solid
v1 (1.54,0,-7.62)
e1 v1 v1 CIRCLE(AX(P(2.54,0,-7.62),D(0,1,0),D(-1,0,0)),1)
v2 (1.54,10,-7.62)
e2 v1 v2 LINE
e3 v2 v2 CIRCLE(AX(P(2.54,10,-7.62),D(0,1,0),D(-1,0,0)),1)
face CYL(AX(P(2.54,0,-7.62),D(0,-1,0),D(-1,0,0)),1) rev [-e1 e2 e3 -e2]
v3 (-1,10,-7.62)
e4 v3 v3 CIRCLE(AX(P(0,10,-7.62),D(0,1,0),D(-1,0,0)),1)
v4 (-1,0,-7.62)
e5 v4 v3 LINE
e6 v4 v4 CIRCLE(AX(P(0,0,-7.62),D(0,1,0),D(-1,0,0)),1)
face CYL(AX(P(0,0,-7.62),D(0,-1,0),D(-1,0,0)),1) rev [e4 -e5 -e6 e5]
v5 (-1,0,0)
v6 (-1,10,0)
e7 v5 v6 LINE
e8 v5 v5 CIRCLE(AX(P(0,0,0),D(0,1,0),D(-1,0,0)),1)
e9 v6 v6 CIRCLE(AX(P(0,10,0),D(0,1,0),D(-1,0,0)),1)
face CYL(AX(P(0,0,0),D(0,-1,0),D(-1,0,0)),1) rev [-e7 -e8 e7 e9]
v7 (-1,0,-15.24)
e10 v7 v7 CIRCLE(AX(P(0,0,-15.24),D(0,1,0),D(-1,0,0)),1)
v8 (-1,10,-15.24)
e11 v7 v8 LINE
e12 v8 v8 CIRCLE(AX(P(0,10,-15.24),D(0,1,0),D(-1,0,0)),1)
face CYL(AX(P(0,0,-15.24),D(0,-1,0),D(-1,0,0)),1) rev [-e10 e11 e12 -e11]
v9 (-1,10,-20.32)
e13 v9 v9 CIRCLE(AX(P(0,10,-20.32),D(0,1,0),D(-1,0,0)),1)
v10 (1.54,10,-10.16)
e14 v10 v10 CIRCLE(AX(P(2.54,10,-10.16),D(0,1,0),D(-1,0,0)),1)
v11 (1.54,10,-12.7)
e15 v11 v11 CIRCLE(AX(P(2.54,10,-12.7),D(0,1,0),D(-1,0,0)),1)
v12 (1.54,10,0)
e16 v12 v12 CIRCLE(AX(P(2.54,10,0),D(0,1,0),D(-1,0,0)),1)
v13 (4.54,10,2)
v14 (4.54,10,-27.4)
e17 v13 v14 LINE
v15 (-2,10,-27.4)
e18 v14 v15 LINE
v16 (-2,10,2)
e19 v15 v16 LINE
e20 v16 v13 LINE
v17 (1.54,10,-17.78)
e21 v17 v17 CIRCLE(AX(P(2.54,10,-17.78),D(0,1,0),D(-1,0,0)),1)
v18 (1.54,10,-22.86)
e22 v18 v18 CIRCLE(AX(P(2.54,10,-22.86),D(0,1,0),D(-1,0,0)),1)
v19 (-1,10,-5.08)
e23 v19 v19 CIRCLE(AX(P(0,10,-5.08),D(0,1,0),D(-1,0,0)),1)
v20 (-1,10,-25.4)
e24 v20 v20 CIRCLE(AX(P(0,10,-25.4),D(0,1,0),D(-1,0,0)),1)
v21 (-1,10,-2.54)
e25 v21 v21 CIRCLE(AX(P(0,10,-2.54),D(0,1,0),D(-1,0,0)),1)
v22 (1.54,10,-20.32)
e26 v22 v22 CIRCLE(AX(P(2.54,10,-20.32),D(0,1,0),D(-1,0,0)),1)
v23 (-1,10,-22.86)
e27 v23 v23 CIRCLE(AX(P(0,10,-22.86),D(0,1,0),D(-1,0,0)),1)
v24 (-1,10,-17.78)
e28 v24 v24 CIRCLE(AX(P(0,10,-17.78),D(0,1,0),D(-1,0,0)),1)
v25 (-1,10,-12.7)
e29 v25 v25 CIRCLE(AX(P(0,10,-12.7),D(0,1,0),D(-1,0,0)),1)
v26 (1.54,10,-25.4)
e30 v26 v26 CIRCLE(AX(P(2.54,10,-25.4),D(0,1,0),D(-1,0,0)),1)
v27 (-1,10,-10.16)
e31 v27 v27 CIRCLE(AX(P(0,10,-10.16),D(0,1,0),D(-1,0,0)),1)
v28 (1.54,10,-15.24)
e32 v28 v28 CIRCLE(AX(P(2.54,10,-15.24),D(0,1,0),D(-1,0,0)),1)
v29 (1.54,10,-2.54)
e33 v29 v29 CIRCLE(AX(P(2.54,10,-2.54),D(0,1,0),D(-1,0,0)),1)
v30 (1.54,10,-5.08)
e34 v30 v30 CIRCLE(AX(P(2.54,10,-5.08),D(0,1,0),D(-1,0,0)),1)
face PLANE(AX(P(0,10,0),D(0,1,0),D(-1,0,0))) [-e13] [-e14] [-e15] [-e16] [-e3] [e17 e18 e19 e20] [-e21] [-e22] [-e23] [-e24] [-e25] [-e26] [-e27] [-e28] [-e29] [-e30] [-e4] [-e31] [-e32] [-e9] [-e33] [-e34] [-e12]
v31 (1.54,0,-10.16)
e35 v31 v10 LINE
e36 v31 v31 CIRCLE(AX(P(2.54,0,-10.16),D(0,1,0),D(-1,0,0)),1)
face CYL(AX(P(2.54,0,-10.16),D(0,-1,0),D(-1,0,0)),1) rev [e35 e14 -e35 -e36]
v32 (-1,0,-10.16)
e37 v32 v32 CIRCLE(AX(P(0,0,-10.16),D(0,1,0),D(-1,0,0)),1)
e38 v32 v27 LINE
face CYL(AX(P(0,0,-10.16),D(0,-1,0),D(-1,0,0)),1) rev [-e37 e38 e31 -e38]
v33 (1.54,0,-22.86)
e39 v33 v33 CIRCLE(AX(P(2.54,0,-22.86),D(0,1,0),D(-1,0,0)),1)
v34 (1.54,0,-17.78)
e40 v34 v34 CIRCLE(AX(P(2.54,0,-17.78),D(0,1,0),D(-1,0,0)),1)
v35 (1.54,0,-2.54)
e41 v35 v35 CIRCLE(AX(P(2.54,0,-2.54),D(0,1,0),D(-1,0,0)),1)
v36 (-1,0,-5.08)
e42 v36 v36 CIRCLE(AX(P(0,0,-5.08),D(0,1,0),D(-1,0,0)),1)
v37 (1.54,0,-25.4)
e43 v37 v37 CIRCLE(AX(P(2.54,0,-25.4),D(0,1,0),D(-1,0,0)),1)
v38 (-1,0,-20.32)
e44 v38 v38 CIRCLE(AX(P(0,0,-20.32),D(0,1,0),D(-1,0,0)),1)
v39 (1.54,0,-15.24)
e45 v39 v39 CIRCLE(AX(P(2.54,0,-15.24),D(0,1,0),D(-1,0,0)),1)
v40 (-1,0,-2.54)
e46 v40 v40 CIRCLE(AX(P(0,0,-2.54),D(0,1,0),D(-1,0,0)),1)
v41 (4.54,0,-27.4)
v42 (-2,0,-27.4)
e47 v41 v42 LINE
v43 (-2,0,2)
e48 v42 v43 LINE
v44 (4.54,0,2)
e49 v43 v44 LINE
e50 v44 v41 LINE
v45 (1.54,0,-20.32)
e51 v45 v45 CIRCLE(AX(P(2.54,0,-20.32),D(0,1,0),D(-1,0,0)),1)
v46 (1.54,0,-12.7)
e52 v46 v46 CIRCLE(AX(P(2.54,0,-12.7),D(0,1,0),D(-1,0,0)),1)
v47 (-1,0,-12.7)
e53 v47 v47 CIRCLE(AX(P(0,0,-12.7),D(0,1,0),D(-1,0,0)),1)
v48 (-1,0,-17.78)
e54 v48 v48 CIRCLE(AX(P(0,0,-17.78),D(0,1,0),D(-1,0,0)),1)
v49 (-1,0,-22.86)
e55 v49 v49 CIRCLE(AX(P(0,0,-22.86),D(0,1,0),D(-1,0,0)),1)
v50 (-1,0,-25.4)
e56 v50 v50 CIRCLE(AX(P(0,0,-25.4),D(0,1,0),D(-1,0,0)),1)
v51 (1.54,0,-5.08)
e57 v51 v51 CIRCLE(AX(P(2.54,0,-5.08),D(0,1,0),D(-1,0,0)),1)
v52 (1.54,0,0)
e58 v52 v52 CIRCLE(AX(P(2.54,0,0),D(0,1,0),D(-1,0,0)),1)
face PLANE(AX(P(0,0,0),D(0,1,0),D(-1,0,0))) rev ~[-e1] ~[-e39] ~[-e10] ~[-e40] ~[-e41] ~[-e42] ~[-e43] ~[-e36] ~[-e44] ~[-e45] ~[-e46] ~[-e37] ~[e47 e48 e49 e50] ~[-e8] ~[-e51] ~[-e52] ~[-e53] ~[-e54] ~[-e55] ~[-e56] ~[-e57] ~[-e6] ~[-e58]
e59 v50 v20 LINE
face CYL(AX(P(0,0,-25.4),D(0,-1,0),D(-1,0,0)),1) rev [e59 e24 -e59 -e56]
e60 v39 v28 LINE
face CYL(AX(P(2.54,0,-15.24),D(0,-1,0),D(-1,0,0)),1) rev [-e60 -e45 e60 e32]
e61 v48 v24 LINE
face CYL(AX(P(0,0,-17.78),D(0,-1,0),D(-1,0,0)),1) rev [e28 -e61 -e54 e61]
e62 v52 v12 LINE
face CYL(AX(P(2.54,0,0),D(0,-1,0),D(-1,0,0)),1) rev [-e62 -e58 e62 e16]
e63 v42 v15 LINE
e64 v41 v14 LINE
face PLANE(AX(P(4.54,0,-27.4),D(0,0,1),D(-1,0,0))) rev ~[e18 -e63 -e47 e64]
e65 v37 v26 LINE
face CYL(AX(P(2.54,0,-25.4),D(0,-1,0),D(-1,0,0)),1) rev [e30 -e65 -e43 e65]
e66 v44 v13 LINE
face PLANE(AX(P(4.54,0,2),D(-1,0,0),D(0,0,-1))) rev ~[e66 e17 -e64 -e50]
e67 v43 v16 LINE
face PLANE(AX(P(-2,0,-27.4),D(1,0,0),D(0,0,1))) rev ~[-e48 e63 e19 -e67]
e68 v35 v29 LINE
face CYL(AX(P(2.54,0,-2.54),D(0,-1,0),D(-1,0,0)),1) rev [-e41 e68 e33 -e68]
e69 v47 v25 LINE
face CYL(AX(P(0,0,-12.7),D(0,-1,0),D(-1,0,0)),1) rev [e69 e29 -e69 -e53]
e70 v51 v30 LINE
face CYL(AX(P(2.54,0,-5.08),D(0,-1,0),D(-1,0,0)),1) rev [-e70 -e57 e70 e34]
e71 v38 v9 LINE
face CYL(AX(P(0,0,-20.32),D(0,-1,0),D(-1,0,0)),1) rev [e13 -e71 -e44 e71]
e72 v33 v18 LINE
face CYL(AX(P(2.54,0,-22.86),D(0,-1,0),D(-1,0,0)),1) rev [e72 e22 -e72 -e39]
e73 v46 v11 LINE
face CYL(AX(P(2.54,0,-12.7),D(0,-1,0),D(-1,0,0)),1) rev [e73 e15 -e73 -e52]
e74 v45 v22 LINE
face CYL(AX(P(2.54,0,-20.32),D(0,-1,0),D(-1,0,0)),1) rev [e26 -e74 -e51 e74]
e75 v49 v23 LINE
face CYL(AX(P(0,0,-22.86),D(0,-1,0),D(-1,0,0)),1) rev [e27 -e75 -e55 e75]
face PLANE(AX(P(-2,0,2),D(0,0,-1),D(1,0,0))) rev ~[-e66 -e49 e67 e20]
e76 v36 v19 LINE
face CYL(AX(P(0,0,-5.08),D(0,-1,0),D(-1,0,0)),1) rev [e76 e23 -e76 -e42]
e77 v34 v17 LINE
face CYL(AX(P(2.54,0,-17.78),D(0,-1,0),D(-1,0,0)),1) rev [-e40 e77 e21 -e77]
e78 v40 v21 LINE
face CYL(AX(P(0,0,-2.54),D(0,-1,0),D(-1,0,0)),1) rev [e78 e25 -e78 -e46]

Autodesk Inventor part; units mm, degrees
ref_plane "YZ Plane" through (0, 0, 0) normal (1, 0, 0) x (0, 1, 0)
ref_plane "XZ Plane" through (0, 0, 0) normal (0, 1, 0) x (-1, 0, 0)
ref_plane "XY Plane" through (0, 0, 0) normal (0, 0, 1) x (1, 0, 0)
sketch "Sketch1" plane through (0, 0, 0) normal (0, 1, 0) x (-1, 0, 0)
  circle A0 centre (0, 0) radius 1
  line L0 (2, 2) -> (-4.54, 2)
  line L1 (-4.54, 2) -> (-4.54, -27.4)
  line L2 (-4.54, -27.4) -> (2, -27.4)
  line L3 (2, -27.4) -> (2, 2)
  circle A1 centre (-2.54, 0) radius 1
  circle A2 centre (0, -2.54) radius 1
  circle A3 centre (-2.54, -2.54) radius 1
  circle A4 centre (0, -5.08) radius 1
  circle A5 centre (-2.54, -5.08) radius 1
  circle A6 centre (0, -7.62) radius 1
  circle A7 centre (-2.54, -7.62) radius 1
  circle A8 centre (0, -10.16) radius 1
  circle A9 centre (-2.54, -10.16) radius 1
  circle A10 centre (0, -12.7) radius 1
  circle A11 centre (-2.54, -12.7) radius 1
  circle A12 centre (0, -15.24) radius 1
  circle A13 centre (-2.54, -15.24) radius 1
  circle A14 centre (0, -17.78) radius 1
  circle A15 centre (-2.54, -17.78) radius 1
  circle A16 centre (0, -20.32) radius 1
  circle A17 centre (-2.54, -20.32) radius 1
  circle A18 centre (0, -22.86) radius 1
  circle A19 centre (-2.54, -22.86) radius 1
  circle A20 centre (0, -25.4) radius 1
  circle A21 centre (-2.54, -25.4) radius 1
  dimension "d0" = 2
  dimension "d3" = 2.54
  dimension "d6" = 2.54
  dimension "d9" = 1
  dimension "d10" = 1
  dimension "d11" = 1
  dimension "d12" = 1
extrude "Extrusion1" add sketch "Sketch1" along normal blind 10
properties part number "Button Header Spacer"
